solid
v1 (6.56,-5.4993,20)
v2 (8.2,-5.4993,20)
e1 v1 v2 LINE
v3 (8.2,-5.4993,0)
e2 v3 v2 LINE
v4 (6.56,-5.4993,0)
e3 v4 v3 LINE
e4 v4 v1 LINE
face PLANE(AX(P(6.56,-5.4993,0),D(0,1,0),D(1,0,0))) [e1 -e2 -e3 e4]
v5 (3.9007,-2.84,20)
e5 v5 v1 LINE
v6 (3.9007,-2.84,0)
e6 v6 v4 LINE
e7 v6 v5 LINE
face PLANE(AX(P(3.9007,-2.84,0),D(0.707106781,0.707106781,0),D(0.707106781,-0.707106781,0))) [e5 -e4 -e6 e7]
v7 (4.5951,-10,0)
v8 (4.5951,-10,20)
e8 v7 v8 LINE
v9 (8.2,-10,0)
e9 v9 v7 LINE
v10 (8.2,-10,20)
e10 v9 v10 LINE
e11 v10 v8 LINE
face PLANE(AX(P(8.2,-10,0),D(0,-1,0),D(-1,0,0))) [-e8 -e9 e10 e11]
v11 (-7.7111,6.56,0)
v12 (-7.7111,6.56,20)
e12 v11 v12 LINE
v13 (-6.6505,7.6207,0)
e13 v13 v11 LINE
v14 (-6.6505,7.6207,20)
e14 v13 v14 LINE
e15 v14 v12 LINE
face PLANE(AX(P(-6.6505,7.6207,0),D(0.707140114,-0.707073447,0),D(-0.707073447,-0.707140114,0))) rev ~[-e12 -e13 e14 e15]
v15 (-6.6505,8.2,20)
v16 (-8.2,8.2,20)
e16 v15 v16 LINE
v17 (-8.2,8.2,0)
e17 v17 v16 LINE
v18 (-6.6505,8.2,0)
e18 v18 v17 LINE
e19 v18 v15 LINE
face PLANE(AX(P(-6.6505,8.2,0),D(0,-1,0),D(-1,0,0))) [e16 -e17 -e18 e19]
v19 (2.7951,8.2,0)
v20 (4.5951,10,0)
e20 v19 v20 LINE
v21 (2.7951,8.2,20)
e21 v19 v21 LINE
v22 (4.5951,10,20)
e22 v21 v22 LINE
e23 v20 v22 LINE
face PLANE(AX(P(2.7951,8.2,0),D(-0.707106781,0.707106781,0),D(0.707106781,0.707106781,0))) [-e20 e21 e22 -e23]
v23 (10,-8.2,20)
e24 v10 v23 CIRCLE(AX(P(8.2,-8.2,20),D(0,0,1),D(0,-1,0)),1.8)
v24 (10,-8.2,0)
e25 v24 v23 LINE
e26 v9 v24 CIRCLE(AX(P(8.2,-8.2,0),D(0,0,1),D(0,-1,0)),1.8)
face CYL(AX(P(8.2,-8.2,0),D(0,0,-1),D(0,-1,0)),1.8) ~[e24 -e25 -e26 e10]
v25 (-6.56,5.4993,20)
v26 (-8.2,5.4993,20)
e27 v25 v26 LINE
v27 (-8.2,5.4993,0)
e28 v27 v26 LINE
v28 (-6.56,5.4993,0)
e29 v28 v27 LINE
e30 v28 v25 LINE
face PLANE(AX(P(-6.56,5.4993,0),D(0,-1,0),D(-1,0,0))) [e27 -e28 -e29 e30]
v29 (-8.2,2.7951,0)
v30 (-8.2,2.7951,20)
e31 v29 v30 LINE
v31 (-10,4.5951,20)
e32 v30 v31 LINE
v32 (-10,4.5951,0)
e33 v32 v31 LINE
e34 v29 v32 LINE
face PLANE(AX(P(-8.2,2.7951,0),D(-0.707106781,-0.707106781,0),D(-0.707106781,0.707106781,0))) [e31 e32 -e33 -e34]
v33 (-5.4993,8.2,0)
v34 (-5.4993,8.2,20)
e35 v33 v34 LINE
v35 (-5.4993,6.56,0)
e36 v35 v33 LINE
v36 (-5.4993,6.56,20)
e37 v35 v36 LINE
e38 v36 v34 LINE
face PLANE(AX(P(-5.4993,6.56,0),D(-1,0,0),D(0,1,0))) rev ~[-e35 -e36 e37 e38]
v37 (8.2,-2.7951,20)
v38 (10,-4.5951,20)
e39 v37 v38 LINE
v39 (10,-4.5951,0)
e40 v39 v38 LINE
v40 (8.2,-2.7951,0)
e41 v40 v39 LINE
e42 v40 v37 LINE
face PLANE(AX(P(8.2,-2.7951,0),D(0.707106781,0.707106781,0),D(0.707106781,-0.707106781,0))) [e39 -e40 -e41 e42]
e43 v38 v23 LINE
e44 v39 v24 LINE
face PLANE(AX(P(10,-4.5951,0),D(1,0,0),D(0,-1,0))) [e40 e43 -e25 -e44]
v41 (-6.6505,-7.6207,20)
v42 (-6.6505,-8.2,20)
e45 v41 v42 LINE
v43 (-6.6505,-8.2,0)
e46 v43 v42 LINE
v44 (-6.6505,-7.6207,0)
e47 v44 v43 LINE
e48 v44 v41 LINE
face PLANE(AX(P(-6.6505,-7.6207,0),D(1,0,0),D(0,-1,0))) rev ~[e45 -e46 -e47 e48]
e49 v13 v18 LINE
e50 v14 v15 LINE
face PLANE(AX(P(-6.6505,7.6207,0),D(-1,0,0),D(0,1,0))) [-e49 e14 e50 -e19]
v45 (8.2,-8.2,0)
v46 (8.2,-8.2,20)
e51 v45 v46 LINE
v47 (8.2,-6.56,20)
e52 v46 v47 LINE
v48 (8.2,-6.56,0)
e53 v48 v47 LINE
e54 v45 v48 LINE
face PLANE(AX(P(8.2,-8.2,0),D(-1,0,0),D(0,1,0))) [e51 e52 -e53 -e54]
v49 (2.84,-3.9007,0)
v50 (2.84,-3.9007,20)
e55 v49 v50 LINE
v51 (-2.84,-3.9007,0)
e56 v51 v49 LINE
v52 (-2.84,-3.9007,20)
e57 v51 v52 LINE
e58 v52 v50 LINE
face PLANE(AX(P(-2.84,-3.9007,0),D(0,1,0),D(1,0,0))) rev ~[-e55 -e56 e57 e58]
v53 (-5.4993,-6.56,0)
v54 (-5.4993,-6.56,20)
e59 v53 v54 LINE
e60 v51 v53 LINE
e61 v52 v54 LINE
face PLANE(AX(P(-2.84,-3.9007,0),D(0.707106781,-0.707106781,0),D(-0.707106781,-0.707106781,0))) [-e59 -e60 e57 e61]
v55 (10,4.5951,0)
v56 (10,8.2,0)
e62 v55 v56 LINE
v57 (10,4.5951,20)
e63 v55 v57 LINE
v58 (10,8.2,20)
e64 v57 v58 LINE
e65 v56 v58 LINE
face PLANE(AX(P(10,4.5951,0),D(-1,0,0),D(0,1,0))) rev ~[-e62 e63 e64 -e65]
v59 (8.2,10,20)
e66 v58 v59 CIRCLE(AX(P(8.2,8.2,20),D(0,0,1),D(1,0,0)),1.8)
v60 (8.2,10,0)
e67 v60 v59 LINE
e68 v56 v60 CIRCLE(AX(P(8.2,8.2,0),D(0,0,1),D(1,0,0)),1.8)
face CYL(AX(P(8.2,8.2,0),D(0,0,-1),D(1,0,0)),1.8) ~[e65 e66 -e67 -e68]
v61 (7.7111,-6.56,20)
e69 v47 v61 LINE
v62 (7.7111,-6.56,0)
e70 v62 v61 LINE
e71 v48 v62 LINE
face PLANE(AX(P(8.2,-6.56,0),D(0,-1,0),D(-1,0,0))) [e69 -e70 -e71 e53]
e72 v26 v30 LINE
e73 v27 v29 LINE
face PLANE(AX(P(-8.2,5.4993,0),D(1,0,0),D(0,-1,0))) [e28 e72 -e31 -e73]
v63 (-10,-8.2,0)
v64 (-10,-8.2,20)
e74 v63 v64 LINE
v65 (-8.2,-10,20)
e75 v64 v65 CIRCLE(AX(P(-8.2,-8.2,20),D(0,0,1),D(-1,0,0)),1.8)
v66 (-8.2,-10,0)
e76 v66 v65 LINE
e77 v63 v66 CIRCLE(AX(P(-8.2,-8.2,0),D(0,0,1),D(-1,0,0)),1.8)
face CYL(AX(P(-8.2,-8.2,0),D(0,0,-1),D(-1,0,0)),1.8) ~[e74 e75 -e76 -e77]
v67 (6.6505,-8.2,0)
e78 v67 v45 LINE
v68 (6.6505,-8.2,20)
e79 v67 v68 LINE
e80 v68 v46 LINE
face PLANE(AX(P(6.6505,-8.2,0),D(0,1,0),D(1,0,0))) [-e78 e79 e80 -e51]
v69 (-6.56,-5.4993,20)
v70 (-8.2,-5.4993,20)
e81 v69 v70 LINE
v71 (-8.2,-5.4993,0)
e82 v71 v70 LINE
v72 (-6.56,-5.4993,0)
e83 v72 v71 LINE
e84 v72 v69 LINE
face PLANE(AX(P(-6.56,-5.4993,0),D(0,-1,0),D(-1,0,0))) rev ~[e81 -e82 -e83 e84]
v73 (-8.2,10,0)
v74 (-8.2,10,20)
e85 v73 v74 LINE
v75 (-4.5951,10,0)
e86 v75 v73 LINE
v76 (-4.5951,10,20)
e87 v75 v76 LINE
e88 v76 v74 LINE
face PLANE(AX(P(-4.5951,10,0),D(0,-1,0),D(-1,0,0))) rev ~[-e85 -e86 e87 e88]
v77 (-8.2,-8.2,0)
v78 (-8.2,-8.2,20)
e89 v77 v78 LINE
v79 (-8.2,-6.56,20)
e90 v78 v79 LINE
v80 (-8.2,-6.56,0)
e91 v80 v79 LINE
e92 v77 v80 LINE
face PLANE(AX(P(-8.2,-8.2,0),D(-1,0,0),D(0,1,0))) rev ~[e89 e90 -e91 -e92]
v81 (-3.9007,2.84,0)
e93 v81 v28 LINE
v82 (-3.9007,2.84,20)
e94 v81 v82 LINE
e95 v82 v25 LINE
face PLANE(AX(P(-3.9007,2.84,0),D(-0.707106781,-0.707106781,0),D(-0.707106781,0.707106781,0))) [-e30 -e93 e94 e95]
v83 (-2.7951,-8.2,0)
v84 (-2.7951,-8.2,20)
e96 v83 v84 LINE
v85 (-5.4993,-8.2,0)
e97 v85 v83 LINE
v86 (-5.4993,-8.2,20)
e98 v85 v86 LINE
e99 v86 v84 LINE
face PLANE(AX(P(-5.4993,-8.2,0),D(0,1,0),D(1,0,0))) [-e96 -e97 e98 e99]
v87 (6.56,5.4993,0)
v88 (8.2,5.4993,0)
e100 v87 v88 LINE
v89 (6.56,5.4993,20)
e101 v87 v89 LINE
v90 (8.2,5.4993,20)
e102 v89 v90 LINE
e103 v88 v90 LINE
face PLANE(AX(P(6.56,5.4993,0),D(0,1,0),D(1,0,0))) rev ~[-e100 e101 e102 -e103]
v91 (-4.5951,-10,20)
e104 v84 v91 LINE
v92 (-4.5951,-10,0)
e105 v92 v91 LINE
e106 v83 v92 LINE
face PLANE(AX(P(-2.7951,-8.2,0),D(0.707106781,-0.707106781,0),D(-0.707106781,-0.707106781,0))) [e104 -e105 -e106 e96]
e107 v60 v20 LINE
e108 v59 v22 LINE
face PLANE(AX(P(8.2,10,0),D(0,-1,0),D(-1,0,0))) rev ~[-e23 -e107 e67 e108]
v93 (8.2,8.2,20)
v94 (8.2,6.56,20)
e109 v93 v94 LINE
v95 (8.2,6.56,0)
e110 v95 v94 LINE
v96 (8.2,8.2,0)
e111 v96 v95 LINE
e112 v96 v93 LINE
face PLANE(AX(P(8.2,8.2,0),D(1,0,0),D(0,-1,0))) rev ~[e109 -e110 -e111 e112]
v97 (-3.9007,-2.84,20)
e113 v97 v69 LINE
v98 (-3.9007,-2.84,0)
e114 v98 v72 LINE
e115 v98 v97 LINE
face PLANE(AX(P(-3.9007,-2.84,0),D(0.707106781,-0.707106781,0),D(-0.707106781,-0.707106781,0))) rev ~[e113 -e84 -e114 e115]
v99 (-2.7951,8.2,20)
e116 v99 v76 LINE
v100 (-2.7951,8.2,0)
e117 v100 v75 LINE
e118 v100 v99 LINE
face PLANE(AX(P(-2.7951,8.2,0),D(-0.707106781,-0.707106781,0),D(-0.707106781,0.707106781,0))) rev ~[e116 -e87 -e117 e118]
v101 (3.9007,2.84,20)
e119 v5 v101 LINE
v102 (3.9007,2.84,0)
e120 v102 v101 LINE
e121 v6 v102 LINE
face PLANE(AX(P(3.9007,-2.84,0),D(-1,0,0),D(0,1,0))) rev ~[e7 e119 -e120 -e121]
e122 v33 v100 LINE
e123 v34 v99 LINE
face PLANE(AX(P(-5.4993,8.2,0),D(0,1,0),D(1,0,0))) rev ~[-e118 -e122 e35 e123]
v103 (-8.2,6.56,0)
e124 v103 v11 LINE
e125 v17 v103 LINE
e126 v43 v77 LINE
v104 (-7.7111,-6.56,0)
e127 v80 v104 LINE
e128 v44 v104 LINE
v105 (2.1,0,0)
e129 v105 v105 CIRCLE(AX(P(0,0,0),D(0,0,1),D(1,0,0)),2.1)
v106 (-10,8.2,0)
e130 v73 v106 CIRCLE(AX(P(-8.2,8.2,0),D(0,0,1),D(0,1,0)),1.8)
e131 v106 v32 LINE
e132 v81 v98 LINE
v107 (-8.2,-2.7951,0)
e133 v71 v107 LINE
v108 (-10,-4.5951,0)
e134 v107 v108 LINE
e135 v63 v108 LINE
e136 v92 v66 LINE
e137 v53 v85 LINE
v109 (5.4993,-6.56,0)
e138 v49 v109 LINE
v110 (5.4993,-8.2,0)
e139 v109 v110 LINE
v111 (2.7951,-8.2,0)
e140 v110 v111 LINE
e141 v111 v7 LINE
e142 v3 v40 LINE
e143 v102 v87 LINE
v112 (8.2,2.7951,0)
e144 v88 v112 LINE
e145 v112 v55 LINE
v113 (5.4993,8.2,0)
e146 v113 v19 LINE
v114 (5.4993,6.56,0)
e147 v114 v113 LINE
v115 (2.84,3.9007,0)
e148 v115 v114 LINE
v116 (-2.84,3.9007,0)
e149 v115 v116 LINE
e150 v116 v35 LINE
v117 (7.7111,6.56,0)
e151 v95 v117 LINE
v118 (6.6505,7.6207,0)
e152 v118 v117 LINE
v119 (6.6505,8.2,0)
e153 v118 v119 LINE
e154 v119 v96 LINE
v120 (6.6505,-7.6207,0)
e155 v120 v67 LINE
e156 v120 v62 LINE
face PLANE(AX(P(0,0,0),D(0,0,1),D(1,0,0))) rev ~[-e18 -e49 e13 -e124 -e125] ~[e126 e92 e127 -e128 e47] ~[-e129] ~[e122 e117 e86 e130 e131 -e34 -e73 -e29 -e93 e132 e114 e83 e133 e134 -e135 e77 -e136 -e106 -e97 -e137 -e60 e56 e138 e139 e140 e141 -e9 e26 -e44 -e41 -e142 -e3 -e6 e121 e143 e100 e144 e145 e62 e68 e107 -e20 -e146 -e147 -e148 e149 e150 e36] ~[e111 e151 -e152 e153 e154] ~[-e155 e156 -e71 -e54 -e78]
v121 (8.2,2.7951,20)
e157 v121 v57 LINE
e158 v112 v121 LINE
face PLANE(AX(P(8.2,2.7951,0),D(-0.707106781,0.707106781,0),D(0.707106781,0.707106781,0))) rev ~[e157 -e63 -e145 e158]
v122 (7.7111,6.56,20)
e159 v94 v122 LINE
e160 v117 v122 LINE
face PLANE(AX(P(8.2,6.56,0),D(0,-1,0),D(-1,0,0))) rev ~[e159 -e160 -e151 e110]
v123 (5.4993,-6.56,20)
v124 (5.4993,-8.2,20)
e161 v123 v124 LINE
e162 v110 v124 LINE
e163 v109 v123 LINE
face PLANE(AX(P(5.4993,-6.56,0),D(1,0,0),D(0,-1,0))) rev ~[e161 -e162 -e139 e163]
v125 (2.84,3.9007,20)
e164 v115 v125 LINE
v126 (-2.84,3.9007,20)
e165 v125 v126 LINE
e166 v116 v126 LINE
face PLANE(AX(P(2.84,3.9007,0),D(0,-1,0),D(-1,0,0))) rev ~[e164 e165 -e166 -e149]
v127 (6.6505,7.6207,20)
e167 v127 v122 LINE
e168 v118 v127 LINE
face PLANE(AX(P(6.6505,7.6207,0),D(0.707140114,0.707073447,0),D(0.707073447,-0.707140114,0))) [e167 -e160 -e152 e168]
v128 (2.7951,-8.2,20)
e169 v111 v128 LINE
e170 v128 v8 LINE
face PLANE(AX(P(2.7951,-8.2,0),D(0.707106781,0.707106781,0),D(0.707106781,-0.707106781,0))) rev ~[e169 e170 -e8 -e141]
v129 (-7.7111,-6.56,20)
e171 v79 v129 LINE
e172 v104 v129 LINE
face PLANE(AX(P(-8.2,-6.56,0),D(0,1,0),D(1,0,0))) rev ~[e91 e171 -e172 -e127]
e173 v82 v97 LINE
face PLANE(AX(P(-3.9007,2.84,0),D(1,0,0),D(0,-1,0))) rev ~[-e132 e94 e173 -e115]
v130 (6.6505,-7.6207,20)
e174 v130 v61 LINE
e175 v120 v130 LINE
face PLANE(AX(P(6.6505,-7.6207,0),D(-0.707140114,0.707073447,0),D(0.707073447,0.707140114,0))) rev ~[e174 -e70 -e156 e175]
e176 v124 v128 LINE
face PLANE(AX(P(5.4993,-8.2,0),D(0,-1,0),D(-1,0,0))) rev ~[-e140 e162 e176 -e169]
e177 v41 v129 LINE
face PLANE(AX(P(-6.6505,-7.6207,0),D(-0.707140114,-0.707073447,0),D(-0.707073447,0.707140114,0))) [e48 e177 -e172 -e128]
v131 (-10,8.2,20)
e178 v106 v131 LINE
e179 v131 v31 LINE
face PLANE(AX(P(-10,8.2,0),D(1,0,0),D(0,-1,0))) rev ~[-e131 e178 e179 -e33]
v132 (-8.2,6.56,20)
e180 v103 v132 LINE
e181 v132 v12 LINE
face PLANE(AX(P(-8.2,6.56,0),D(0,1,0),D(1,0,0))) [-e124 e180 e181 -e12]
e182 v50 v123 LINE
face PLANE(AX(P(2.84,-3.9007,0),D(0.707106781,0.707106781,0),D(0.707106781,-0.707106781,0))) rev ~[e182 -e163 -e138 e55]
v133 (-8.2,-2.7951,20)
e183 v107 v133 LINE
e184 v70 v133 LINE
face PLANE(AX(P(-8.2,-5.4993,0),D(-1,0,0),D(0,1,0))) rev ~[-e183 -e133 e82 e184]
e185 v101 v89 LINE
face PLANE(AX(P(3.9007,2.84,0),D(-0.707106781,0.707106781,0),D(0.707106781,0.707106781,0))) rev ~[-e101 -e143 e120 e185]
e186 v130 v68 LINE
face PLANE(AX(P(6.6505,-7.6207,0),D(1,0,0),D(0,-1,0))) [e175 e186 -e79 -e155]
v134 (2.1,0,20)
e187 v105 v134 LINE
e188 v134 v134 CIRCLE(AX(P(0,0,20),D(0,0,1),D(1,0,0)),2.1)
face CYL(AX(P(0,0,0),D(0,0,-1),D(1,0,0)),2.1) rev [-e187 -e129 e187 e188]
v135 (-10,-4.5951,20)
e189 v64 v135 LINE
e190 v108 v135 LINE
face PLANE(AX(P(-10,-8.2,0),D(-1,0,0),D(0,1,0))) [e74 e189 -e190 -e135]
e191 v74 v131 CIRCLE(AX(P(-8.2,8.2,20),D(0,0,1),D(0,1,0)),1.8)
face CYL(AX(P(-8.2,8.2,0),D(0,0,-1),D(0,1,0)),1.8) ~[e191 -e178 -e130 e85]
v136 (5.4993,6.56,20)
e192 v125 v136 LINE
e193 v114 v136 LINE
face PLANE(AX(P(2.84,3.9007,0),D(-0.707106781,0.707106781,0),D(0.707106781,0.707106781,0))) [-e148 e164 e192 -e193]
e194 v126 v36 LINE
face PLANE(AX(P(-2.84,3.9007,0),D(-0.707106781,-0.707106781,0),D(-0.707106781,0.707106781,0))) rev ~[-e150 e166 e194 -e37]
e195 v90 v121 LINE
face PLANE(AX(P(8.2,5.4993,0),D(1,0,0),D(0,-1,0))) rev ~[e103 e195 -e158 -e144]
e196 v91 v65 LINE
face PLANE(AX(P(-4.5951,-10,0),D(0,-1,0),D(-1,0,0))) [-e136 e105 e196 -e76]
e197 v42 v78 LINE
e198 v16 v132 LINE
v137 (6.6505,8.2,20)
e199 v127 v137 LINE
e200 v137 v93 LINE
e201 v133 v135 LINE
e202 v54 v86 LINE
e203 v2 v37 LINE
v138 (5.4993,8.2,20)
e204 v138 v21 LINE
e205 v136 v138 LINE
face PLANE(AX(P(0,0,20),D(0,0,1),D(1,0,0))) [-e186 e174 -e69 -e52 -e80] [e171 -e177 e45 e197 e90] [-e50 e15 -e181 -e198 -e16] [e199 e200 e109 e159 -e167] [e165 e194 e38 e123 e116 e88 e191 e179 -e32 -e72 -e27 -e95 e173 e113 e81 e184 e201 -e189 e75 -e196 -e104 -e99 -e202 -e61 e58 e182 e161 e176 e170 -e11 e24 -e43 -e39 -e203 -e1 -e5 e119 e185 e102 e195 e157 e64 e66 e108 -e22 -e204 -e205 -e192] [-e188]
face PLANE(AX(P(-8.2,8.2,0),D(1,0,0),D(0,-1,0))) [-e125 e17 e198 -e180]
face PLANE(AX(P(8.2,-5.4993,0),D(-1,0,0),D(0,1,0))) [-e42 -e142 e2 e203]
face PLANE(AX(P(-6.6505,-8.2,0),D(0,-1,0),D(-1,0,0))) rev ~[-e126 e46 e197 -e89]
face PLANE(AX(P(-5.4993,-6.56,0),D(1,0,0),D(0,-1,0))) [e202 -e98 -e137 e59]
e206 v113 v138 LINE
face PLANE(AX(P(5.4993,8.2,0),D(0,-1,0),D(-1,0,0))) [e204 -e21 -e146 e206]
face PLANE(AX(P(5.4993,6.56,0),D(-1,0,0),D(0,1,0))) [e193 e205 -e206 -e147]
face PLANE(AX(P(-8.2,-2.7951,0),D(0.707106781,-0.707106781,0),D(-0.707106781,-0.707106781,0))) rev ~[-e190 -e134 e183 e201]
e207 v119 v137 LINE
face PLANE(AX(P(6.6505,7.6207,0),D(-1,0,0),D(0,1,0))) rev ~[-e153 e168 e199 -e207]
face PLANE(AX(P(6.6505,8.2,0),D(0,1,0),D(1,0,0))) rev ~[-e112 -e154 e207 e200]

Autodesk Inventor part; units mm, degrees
ref_plane "YZ Plane" through (0, 0, 0) normal (1, 0, 0) x (0, 1, 0)
ref_plane "Start Plane" through (0, 0, 0) normal (0, 0, 1) x (1, 0, 0)
ref_plane "End Plane" through (0, 0, 20) normal (0, 0, 1) x (1, 0, 0)
sketch "Sketch1" plane through (0, 0, 0) normal (0, 0, 1) x (1, 0, 0)
  line L0 (10, -4.5951) -> (10, -8.2)
  line L1 (-10, -8.2) -> (-10, -4.5951)
  line L2 (-10, 10) -> (10, -10) construction
  line L3 (10, 10) -> (-10, -10) construction
  circle A0 centre (0, 0) radius 2.1
  line L4 (-2.84, -3.9007) -> (2.84, -3.9007)
  line L5 (3.9007, -2.84) -> (3.9007, 2.84)
  line L6 (2.84, 3.9007) -> (-2.84, 3.9007)
  line L7 (-3.9007, 2.84) -> (-3.9007, -2.84)
  line L8 (-3.9007, -3.9007) -> (3.9007, 3.9007) construction
  line L9 (3.9007, -3.9007) -> (-3.9007, 3.9007) construction
  line L10 (-3.9007, -2.84) -> (-2.84, -3.9007) construction
  line L11 (-2.84, -3.9007) -> (-5.4993, -6.56)
  line L12 (-5.4993, -6.56) -> (-5.4993, -8.2)
  line L13 (-5.4993, -8.2) -> (-2.7951, -8.2)
  line L14 (-2.7951, -8.2) -> (-4.5951, -10)
  line L15 (0, 0) -> (0, -3.9007) construction
  line L16 (3.9007, -2.84) -> (2.84, -3.9007) construction
  line L17 (2.84, -3.9007) -> (5.4993, -6.56)
  line L18 (5.4993, -6.56) -> (5.4993, -8.2)
  line L19 (5.4993, -8.2) -> (2.7951, -8.2)
  line L20 (2.7951, -8.2) -> (4.5951, -10)
  line L21 (-2.84, -3.9007) -> (-3.9007, -2.84) construction
  line L22 (-3.9007, -2.84) -> (-6.56, -5.4993)
  line L23 (-6.56, -5.4993) -> (-8.2, -5.4993)
  line L24 (-8.2, -5.4993) -> (-8.2, -2.7951)
  line L25 (-8.2, -2.7951) -> (-10, -4.5951)
  line L26 (3.9007, -2.84) -> (6.56, -5.4993)
  line L27 (6.56, -5.4993) -> (8.2, -5.4993)
  line L28 (8.2, -5.4993) -> (8.2, -2.7951)
  line L29 (8.2, -2.7951) -> (10, -4.5951)
  arc A1 (-10, -8.2) -> (-8.2, -10) centre (-8.2, -8.2) ccw
  arc A2 (8.2, -10) -> (10, -8.2) centre (8.2, -8.2) ccw
  line L30 (-8.2, -6.56) -> (-7.7111, -6.56)
  line L31 (-6.6505, -8.2) -> (-8.2, -8.2)
  line L32 (-8.2, -8.2) -> (-8.2, -6.56)
  line L33 (-6.6505, -7.6207) -> (-7.7111, -6.56)
  line L34 (-6.6505, -7.6207) -> (-6.6505, -8.2)
  line L35 (8.2, -6.56) -> (7.7111, -6.56)
  line L36 (6.6505, -8.2) -> (8.2, -8.2)
  line L37 (8.2, -8.2) -> (8.2, -6.56)
  line L38 (6.6505, -7.6207) -> (7.7111, -6.56)
  line L39 (6.6505, -7.6207) -> (6.6505, -8.2)
  line L40 (8.2, -10) -> (4.5951, -10)
  line L41 (-4.5951, -10) -> (-8.2, -10)
  line L42 (-3.9007, 0) -> (3.9007, 0) construction
  line L43 (10, 4.5951) -> (10, 8.2)
  line L44 (-10, 8.2) -> (-10, 4.5951)
  line L45 (-2.84, 3.9007) -> (2.84, 3.9007)
  line L46 (-3.9007, 2.84) -> (-2.84, 3.9007) construction
  line L47 (-2.84, 3.9007) -> (-5.4993, 6.56)
  line L48 (-5.4993, 6.56) -> (-5.4993, 8.2)
  line L49 (-5.4993, 8.2) -> (-2.7951, 8.2)
  line L50 (-2.7951, 8.2) -> (-4.5951, 10)
  line L51 (2.84, 3.9007) -> (5.4993, 6.56)
  line L52 (5.4993, 6.56) -> (5.4993, 8.2)
  line L53 (5.4993, 8.2) -> (2.7951, 8.2)
  line L54 (2.7951, 8.2) -> (4.5951, 10)
  line L55 (3.9007, 2.84) -> (2.84, 3.9007) construction
  line L56 (-8.2, 2.7951) -> (-10, 4.5951)
  line L57 (-2.84, 3.9007) -> (-3.9007, 2.84) construction
  line L58 (-3.9007, 2.84) -> (-6.56, 5.4993)
  line L59 (-6.56, 5.4993) -> (-8.2, 5.4993)
  line L60 (-8.2, 5.4993) -> (-8.2, 2.7951)
  line L61 (3.9007, 2.84) -> (6.56, 5.4993)
  line L62 (6.56, 5.4993) -> (8.2, 5.4993)
  line L63 (8.2, 5.4993) -> (8.2, 2.7951)
  line L64 (8.2, 2.7951) -> (10, 4.5951)
  arc A3 (-8.2, 10) -> (-10, 8.2) centre (-8.2, 8.2) ccw
  arc A4 (10, 8.2) -> (8.2, 10) centre (8.2, 8.2) ccw
  line L65 (-8.2, 6.56) -> (-7.7111, 6.56)
  line L66 (-6.6505, 8.2) -> (-8.2, 8.2)
  line L67 (-8.2, 8.2) -> (-8.2, 6.56)
  line L68 (-6.6505, 7.6207) -> (-7.7111, 6.56)
  line L69 (-6.6505, 7.6207) -> (-6.6505, 8.2)
  line L70 (8.2, 6.56) -> (7.7111, 6.56)
  line L71 (6.6505, 7.6207) -> (7.7111, 6.56)
  line L72 (8.2, 8.2) -> (8.2, 6.56)
  line L73 (6.6505, 7.6207) -> (6.6505, 8.2)
  line L74 (6.6505, 8.2) -> (8.2, 8.2)
  line L75 (8.2, 10) -> (4.5951, 10)
  line L76 (-4.5951, 10) -> (-8.2, 10)
  line L77 (-8.2, 10) -> (-4.5951, 10)
  line L78 (4.5951, 10) -> (8.2, 10)
  point P0 (8.2, -8.2)
  point P1 (0, 3.9007)
  point P2 (8.2, 8.2)
  dimension "Width" = 20
  dimension "Height" = 20
  dimension "d2" = 4.2
  dimension "d3" = 1.5
  dimension "d4" = 1.64
  dimension "d6" = 5.68
  dimension "d7" = 1.8
  dimension "d9" = 1.5
extrude "Body" add sketch "Sketch1" along normal up to surface (20 mm away) from surface at 0
sketch "Sketch4" plane through (0, 0, 0) normal (0, 0, 1) x (1, 0, 0)
  line L0 (0, 0) -> (10, 0)
ref_plane "Work Plane4" through (0, 0, 0) normal (0, -1, 0) x (1, 0, 0)
sketch "Sketch5" plane through (0, 0, 0) normal (0, -1, 0) x (1, 0, 0)
  line L0 (-14, 0) -> (14, 0) construction
  line L1 (-14, 20) -> (14, 20) construction
  dimension "d17" = 20
equation "\"G_OFFSET_START\" = 0"
equation "\"G_OFFSET_END\" = 0"
equation "\"G_L\" = d17"
properties part number "V-slot 20 mm x 20 mm" material "Aluminum 6061"
